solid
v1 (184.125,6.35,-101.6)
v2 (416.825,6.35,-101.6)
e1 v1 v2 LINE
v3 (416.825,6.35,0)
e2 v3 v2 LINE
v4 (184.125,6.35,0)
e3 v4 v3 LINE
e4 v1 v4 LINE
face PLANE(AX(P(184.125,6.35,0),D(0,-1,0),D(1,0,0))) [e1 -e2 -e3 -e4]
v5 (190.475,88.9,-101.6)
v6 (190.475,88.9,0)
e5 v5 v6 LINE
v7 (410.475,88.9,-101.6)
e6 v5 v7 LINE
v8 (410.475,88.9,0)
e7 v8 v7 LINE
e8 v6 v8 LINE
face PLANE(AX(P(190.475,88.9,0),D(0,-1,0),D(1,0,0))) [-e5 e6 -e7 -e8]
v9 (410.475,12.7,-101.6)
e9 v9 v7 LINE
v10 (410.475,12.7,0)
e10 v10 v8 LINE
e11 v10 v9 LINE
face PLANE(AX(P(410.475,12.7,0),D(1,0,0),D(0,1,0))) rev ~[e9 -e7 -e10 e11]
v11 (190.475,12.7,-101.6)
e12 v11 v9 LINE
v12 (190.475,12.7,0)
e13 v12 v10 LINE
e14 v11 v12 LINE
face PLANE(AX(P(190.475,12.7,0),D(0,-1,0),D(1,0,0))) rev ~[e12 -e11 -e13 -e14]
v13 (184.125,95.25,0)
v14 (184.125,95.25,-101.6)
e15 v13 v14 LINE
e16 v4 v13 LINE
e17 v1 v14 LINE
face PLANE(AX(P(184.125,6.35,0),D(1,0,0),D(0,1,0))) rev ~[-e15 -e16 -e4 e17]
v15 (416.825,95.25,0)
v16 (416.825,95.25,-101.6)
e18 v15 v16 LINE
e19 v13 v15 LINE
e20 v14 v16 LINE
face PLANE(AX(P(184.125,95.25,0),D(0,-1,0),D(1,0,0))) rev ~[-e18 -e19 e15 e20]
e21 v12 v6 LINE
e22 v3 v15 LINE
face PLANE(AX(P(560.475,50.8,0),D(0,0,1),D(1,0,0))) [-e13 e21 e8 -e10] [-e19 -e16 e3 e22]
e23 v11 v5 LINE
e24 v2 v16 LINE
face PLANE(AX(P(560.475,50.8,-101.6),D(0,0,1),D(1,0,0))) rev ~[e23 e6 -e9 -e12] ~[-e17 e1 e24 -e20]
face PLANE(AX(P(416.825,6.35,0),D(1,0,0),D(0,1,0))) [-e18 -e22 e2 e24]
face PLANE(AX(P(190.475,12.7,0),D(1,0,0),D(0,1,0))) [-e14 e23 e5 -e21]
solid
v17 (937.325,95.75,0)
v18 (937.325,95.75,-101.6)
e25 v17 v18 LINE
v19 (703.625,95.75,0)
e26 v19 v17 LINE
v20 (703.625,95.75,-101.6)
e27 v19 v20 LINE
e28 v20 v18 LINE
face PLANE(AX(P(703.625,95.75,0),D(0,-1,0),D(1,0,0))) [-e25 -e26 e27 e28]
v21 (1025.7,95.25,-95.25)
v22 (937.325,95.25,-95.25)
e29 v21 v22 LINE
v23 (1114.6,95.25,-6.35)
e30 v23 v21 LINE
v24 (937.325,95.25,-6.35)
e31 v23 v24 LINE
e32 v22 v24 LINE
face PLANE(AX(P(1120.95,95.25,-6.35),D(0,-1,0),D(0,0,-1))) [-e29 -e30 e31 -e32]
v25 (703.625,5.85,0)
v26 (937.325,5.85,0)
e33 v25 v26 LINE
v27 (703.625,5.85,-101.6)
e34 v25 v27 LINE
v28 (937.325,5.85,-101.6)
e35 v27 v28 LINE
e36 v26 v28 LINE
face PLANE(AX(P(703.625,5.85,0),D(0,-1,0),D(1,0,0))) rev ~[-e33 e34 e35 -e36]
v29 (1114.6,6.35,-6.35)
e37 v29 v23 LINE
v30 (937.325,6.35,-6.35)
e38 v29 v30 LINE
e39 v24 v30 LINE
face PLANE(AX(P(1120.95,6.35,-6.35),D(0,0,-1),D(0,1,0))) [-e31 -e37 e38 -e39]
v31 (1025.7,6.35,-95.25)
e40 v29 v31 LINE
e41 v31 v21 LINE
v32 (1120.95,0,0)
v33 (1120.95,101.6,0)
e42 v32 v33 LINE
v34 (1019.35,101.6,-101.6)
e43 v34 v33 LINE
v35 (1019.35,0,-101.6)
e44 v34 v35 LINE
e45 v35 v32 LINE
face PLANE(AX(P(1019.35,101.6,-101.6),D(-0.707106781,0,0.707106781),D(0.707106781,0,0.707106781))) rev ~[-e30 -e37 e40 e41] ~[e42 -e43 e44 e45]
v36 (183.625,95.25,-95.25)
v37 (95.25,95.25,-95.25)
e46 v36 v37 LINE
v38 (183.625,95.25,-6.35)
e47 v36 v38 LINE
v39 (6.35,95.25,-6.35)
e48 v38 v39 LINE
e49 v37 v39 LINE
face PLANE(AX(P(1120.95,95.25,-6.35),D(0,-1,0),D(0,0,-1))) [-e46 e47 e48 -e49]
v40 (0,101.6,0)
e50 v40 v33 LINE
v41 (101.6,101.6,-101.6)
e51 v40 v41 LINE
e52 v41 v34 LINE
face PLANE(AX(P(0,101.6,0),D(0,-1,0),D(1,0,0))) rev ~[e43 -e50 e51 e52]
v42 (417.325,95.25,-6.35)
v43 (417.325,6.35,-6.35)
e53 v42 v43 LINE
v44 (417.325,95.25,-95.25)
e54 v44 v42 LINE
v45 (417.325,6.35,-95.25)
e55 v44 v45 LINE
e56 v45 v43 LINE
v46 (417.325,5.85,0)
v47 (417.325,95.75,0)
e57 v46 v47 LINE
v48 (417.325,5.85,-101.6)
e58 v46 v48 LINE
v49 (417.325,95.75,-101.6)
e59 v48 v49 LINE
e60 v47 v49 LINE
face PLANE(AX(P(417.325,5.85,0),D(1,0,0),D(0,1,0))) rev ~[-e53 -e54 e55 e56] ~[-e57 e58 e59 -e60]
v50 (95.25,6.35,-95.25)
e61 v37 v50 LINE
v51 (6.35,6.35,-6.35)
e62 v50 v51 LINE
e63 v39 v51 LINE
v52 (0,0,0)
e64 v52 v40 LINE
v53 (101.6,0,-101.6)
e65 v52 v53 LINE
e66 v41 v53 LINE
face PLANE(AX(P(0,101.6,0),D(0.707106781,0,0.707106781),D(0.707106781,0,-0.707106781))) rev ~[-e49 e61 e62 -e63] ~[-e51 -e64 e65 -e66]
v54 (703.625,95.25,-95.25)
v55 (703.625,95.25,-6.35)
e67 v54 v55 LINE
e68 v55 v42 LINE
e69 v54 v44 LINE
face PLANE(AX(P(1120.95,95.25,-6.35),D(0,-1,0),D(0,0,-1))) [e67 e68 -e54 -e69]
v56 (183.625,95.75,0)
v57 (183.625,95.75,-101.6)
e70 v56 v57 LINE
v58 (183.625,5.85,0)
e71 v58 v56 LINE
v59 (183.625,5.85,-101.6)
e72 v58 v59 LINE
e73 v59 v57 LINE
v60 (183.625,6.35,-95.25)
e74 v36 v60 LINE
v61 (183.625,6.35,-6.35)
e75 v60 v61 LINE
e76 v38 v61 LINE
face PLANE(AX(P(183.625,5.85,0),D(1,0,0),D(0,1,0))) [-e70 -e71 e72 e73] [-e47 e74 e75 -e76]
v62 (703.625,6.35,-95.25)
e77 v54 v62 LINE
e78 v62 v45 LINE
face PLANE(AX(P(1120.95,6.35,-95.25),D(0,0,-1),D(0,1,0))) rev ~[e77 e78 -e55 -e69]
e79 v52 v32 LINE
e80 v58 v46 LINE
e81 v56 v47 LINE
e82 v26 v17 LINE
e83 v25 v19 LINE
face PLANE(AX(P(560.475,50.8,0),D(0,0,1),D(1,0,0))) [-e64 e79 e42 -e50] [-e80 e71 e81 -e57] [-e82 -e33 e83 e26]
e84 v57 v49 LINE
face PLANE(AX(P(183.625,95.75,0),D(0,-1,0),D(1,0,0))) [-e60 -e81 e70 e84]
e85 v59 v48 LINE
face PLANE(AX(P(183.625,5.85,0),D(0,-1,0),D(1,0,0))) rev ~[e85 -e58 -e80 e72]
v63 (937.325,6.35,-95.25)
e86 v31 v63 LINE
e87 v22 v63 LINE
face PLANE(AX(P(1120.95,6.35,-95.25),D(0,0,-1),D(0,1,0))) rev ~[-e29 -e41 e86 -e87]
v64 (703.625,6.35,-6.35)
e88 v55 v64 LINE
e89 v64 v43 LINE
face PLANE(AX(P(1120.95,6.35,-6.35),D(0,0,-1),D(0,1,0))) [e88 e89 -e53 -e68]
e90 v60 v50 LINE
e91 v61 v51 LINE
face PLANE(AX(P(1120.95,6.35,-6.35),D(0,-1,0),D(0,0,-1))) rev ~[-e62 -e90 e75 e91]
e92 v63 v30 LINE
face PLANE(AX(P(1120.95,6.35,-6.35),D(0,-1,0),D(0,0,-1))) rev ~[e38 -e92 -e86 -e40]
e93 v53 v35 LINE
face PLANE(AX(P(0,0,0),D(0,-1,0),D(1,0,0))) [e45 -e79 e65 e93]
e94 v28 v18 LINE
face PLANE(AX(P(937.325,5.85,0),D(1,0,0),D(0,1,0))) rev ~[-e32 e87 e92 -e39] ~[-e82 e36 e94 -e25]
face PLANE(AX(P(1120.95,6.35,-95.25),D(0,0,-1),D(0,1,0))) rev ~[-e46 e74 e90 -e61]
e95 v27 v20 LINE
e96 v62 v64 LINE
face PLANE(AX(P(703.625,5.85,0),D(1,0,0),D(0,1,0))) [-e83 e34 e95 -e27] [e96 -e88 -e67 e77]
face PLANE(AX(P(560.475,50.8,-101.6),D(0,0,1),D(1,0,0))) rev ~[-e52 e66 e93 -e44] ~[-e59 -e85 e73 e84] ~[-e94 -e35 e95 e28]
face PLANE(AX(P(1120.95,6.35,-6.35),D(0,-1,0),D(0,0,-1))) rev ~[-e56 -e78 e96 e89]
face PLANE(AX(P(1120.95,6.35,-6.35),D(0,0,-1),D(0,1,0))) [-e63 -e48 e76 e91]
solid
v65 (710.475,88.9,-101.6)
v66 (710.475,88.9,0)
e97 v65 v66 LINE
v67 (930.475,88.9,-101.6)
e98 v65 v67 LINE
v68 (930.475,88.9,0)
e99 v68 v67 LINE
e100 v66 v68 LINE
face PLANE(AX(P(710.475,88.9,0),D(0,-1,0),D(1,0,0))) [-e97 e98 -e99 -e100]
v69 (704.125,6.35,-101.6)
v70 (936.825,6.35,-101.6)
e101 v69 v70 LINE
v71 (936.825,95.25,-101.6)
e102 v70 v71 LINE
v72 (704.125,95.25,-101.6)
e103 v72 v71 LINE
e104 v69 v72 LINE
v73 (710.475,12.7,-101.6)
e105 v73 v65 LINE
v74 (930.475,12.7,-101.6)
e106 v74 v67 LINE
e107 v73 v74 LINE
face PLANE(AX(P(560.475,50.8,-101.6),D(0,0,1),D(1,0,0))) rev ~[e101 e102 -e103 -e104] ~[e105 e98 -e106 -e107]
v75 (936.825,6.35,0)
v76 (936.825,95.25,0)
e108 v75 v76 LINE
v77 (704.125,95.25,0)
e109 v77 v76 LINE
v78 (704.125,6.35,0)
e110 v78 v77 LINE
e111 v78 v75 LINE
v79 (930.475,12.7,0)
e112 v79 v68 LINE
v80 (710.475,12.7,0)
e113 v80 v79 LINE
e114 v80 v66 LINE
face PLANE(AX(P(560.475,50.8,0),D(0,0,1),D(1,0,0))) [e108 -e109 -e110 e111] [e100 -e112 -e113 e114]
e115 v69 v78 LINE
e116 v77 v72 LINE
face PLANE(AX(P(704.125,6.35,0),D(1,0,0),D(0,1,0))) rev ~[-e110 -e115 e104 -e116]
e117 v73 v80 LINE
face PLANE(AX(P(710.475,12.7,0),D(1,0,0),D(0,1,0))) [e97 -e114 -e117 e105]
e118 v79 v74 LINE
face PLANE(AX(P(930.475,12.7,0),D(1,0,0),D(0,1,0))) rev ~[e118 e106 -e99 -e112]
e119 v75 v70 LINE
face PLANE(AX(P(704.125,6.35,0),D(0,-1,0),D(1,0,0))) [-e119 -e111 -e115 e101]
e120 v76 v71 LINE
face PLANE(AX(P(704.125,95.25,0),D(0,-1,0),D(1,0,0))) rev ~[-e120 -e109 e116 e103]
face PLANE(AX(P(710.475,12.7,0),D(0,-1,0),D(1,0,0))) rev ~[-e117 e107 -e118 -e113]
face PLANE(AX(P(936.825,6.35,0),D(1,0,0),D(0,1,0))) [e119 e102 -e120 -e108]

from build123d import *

# Parameters (mm, degrees)
CROQUIS1_W              = 1120.95
CROQUIS1_H              = 101.6
SALIENTE_EXTRUIR1_DEPTH = 101.6
CROQUIS3_W              = 88.9
CROQUIS3_H              = 88.9
CORTAR_EXTRUIR1_DEPTH   = 1120.95
CORTAR_EXTRUIR2_DEPTH   = 101.6
CORTAR_EXTRUIR3_REACH   = 1132.121
CROQUIS5_W              = 220
CROQUIS5_H              = 76.2
CROQUIS6_W              = 232.7
CROQUIS6_H              = 88.9
CROQUIS6_W_2            = 220
CROQUIS6_H_2            = 76.2
SALIENTE_EXTRUIR2_DEPTH = 101.6
CORTAR_EXTRUIR4_REACH   = 1132.121
CROQUIS7_W              = 233.7
CROQUIS7_H              = 89.9
CROQUIS7_W_2            = 232.7
CROQUIS7_H_2            = 88.9


with BuildPart() as part:
    # Croquis1 → Saliente-Extruir1 (new body)
    with BuildSketch(Plane.XY):
        with Locations((560.475, 50.8)):
            Rectangle(CROQUIS1_W, CROQUIS1_H)
    extrude(amount=-SALIENTE_EXTRUIR1_DEPTH)

    # Croquis3 → Cortar-Extruir1 (cut)
    with BuildSketch(Plane(origin=(1120.95, 0, 0), x_dir=(0, 0, -1), z_dir=(1, 0, 0))):
        with Locations((50.8, 50.8)):
            Rectangle(CROQUIS3_W, CROQUIS3_H)
    extrude(amount=-CORTAR_EXTRUIR1_DEPTH, mode=Mode.SUBTRACT)

    # Croquis4 → Cortar-Extruir2 (cut)
    with BuildSketch(Plane(origin=(0, 101.6, 0), x_dir=(1, 0, 0), z_dir=(0, 1, 0))):
        Polygon((1120.95, 101.6), (1019.35, 101.6), (1120.95, 0), align=None)
        Polygon((101.6, 101.6), (0, 101.6), (0, 0), align=None)
    extrude(amount=-CORTAR_EXTRUIR2_DEPTH, mode=Mode.SUBTRACT)

    # Cortar-Extruir3: up to this face of the body (flat: up to its plane)
    cortar_extruir3_end = Plane(part.part.faces().sort_by_distance((560.475, 50.8, -101.6))[0])
    # Croquis5 → Cortar-Extruir3 (cut, up to the picked face)
    with BuildSketch(Plane.XY, mode=Mode.PRIVATE) as cortar_extruir3_sk1:
        with Locations((300.475, 50.8)):
            Rectangle(CROQUIS5_W, CROQUIS5_H)
    cortar_extruir3_tool1 = split(extrude(cortar_extruir3_sk1.sketch, amount=-CORTAR_EXTRUIR3_REACH, mode=Mode.PRIVATE), bisect_by=cortar_extruir3_end, keep=Keep.BOTH, mode=Mode.PRIVATE)
    # Croquis5 → Cortar-Extruir3 (cut, up to the picked face)
    with BuildSketch(Plane.XY, mode=Mode.PRIVATE) as cortar_extruir3_sk2:
        with Locations((820.475, 50.8)):
            Rectangle(CROQUIS5_W, CROQUIS5_H)
    cortar_extruir3_tool2 = split(extrude(cortar_extruir3_sk2.sketch, amount=-CORTAR_EXTRUIR3_REACH, mode=Mode.PRIVATE), bisect_by=cortar_extruir3_end, keep=Keep.BOTH, mode=Mode.PRIVATE)
    add(cortar_extruir3_tool1.solids().sort_by(Axis((300.475, 50.8, 0), (0, 0, -1)))[0], mode=Mode.SUBTRACT)
    add(cortar_extruir3_tool2.solids().sort_by(Axis((820.475, 50.8, 0), (0, 0, -1)))[0], mode=Mode.SUBTRACT)

    # Croquis6 → Saliente-Extruir2 (add)
    # profile 1 of 2: a face of its own
    with BuildSketch(Plane.XY):
        with Locations((300.475, 50.8)):
            Rectangle(CROQUIS6_W, CROQUIS6_H)
        with Locations((300.475, 50.8)):
            Rectangle(CROQUIS6_W_2, CROQUIS6_H_2, mode=Mode.SUBTRACT)
    # profile 2 of 2: a face of its own
    with BuildSketch(Plane.XY):
        with Locations((820.475, 50.8)):
            Rectangle(CROQUIS6_W, CROQUIS6_H)
        with Locations((820.475, 50.8)):
            Rectangle(CROQUIS6_W_2, CROQUIS6_H_2, mode=Mode.SUBTRACT)
    extrude(amount=-SALIENTE_EXTRUIR2_DEPTH)

    # Cortar-Extruir4: up to this face of the body (flat: up to its plane)
    cortar_extruir4_end = Plane(part.part.faces().sort_by_distance((560.475, 50.8, -101.6))[0])
    # Croquis7 → Cortar-Extruir4 (cut, up to the picked face)
    with BuildSketch(Plane.XY, mode=Mode.PRIVATE) as cortar_extruir4_sk1:
        with Locations((300.475, 50.8)):
            Rectangle(CROQUIS7_W, CROQUIS7_H)
        with Locations((300.475, 50.8)):
            Rectangle(CROQUIS7_W_2, CROQUIS7_H_2, mode=Mode.SUBTRACT)
    cortar_extruir4_tool1 = split(extrude(cortar_extruir4_sk1.sketch, amount=-CORTAR_EXTRUIR4_REACH, mode=Mode.PRIVATE), bisect_by=cortar_extruir4_end, keep=Keep.BOTH, mode=Mode.PRIVATE)
    # Croquis7 → Cortar-Extruir4 (cut, up to the picked face)
    with BuildSketch(Plane.XY, mode=Mode.PRIVATE) as cortar_extruir4_sk2:
        with Locations((820.475, 50.8)):
            Rectangle(CROQUIS7_W, CROQUIS7_H)
        with Locations((820.475, 50.8)):
            Rectangle(CROQUIS7_W_2, CROQUIS7_H_2, mode=Mode.SUBTRACT)
    cortar_extruir4_tool2 = split(extrude(cortar_extruir4_sk2.sketch, amount=-CORTAR_EXTRUIR4_REACH, mode=Mode.PRIVATE), bisect_by=cortar_extruir4_end, keep=Keep.BOTH, mode=Mode.PRIVATE)
    add(cortar_extruir4_tool1.solids().sort_by(Axis((300.475, 6.100395, 0), (0, 0, -1)))[0], mode=Mode.SUBTRACT)
    add(cortar_extruir4_tool2.solids().sort_by(Axis((820.475, 6.100395, 0), (0, 0, -1)))[0], mode=Mode.SUBTRACT)


with BuildPart() as cortar_extruir4_piece_1:
    # of the separate pieces the step leaves, piece 1, a body of its own (cortar_extruir4_pieces)
    add(part.part.solids().sort_by_distance((0, 0, 0))[0])


with BuildPart() as cortar_extruir4_piece_2:
    # of the separate pieces the step leaves, piece 2, a body of its own (cortar_extruir4_pieces)
    add(part.part.solids().sort_by_distance((936.825, 95.25, 0))[0])


with BuildPart() as cortar_extruir4_piece_3:
    # of the separate pieces the step leaves, piece 3, a body of its own (cortar_extruir4_pieces)
    add(part.part.solids().sort_by_distance((416.825, 95.25, 0))[0])


solid = Compound([cortar_extruir4_piece_1.part, cortar_extruir4_piece_2.part, cortar_extruir4_piece_3.part])
